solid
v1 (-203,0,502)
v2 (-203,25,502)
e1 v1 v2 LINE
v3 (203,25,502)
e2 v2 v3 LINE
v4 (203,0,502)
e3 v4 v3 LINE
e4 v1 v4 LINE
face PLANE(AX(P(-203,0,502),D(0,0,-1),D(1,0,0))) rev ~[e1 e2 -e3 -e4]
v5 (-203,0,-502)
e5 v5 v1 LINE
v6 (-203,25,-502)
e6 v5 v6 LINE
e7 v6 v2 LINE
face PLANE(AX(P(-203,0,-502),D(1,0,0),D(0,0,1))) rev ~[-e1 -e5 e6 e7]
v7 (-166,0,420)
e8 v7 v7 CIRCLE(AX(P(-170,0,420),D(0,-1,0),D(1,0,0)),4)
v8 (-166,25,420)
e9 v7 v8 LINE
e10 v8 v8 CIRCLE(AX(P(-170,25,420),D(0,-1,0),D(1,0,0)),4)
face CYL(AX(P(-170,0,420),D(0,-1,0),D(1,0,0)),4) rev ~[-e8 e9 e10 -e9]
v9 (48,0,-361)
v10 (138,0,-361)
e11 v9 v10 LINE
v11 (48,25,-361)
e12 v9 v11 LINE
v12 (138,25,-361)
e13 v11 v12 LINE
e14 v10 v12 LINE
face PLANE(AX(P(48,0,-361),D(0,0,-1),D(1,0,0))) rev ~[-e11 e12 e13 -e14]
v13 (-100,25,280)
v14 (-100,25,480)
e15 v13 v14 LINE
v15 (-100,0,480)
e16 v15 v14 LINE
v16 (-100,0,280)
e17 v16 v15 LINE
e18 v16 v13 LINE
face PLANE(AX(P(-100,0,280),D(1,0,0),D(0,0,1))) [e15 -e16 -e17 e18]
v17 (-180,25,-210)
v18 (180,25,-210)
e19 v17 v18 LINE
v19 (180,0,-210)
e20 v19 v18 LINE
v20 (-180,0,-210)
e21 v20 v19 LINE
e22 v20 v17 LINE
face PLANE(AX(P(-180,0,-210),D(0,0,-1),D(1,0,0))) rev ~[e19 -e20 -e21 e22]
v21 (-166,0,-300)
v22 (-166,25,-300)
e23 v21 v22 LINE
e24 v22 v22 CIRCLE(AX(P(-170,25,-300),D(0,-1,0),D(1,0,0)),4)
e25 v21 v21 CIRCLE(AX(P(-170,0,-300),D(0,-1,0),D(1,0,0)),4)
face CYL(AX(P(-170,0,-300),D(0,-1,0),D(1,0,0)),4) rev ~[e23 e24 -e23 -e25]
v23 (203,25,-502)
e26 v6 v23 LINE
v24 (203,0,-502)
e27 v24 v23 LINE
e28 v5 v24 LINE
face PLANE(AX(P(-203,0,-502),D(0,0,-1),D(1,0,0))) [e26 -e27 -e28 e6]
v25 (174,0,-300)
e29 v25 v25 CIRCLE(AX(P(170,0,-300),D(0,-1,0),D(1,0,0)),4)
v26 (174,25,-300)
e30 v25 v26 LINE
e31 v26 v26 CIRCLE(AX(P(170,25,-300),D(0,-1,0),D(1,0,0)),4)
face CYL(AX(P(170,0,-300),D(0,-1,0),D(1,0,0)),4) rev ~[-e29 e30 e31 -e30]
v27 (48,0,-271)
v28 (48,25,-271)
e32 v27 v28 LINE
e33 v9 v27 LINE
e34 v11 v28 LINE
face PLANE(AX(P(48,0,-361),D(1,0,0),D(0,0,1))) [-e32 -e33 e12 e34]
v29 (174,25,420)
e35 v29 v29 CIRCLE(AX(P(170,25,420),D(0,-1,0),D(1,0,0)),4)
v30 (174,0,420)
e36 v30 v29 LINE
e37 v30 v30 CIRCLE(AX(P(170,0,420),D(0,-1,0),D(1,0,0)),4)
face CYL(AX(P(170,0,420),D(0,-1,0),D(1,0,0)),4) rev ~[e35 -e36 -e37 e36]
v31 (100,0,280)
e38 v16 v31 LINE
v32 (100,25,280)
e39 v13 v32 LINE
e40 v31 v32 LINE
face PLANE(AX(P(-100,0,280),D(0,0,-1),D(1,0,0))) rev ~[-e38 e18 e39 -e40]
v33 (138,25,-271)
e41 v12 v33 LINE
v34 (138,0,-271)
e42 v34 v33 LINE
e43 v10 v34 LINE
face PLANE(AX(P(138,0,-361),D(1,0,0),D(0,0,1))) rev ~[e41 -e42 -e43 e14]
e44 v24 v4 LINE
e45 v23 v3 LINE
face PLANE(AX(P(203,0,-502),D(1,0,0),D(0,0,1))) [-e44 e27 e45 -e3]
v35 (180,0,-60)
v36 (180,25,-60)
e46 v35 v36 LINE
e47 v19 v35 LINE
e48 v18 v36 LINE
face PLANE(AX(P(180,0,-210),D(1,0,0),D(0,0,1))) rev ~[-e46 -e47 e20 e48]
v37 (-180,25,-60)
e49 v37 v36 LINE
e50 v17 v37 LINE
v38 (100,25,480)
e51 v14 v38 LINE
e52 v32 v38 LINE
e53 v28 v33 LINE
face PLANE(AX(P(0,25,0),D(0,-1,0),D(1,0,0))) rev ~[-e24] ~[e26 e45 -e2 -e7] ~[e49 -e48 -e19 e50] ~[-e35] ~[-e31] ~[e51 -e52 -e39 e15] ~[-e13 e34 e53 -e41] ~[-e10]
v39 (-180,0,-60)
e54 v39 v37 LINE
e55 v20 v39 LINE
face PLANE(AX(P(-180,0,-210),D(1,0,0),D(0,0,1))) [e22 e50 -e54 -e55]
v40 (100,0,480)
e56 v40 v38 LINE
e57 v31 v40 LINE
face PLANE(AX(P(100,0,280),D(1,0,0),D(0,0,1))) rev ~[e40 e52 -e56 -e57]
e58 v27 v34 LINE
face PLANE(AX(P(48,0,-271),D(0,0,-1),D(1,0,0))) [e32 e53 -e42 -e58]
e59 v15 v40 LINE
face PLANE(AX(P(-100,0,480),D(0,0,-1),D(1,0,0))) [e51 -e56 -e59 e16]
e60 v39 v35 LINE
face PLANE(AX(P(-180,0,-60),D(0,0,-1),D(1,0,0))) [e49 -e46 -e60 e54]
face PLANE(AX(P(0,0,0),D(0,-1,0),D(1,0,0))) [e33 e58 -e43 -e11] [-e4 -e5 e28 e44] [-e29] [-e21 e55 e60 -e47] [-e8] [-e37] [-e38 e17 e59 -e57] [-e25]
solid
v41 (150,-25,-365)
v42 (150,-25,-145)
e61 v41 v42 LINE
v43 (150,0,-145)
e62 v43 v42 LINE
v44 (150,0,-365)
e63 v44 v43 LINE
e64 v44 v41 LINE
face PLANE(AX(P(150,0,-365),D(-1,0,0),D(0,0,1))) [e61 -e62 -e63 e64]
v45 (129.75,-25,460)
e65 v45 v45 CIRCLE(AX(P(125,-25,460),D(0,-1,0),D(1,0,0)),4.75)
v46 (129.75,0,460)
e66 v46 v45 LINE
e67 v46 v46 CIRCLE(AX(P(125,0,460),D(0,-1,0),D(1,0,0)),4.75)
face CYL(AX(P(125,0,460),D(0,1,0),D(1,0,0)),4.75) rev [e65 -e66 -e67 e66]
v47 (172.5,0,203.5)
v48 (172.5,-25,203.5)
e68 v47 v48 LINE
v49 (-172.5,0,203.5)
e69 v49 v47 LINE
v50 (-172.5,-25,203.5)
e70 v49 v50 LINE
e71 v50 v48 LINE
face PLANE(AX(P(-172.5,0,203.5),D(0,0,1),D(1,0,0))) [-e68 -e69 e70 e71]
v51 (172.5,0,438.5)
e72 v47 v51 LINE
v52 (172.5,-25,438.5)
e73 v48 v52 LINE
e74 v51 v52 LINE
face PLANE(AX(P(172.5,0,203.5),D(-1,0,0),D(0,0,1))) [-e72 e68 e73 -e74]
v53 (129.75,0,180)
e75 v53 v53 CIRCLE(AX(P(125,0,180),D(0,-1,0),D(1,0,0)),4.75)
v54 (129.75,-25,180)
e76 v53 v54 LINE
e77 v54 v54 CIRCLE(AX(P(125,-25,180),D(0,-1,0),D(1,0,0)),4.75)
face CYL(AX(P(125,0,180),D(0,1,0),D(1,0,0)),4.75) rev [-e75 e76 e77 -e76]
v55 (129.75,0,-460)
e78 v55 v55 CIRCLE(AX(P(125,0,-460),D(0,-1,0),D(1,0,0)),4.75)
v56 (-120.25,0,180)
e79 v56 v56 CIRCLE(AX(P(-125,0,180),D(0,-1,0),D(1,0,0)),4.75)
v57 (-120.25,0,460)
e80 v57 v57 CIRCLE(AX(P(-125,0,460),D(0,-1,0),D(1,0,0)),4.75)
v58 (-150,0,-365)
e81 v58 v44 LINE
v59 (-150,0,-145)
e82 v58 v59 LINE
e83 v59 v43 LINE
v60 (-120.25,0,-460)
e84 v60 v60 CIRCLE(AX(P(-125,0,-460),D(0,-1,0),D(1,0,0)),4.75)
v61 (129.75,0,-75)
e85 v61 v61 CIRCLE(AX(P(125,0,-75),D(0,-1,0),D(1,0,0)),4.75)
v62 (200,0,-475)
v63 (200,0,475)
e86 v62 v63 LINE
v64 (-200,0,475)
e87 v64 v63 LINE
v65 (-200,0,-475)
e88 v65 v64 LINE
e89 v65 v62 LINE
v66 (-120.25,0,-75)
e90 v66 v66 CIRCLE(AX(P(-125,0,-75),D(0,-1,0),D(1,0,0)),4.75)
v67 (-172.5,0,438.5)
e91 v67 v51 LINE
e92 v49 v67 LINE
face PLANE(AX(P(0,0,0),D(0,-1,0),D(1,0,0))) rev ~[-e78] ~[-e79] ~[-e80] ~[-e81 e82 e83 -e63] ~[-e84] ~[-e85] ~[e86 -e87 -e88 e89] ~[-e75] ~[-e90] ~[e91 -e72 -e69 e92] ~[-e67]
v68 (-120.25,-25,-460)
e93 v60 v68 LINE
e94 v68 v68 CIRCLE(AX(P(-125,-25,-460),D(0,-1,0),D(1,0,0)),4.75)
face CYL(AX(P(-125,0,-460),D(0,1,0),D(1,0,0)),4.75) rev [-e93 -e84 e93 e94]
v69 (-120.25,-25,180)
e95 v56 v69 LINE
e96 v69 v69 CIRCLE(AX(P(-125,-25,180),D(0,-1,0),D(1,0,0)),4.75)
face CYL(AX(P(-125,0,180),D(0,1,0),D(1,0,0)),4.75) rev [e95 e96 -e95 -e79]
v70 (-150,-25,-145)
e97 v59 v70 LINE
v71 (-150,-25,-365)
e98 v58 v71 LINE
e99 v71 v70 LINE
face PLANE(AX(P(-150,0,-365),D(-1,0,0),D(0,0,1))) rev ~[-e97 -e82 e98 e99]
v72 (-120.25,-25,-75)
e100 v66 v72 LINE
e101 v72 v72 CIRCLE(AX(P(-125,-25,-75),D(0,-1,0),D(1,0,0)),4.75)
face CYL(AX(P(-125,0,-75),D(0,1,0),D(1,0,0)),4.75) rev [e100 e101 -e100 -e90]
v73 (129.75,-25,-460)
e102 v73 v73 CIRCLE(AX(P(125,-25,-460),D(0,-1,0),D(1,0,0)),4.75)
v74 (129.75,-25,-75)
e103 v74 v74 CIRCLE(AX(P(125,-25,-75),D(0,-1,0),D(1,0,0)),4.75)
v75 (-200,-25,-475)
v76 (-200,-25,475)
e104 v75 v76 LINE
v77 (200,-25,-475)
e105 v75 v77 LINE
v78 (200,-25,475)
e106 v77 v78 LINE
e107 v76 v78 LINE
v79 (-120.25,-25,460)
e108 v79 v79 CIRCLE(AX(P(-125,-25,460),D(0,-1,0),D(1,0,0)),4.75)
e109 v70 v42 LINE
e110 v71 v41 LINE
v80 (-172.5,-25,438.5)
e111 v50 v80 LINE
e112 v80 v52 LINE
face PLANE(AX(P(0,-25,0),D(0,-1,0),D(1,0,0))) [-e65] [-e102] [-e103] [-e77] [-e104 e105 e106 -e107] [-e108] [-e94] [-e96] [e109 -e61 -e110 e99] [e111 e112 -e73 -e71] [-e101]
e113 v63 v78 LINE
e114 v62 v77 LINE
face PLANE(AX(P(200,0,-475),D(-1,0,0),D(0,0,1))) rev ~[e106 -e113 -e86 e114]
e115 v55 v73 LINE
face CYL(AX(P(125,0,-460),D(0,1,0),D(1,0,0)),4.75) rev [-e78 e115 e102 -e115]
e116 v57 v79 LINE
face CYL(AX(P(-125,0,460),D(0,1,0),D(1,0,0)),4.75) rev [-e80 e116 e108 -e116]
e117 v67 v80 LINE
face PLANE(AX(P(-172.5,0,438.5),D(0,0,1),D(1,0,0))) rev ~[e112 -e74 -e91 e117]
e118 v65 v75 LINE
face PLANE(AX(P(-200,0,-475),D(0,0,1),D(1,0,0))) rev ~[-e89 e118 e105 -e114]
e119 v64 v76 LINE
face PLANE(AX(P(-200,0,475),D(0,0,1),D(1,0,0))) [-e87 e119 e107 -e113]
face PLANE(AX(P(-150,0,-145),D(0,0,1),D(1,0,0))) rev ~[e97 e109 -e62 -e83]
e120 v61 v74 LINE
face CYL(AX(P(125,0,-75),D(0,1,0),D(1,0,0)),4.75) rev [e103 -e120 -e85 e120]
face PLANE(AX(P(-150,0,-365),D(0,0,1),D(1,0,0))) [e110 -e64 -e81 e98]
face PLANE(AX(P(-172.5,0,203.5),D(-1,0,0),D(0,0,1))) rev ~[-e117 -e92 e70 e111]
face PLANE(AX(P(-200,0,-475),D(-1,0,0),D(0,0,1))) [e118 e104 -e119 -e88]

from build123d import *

# Parameters (mm, degrees)
F0_W     = 406
F0_H     = 1004
F0_R     = 4
F0_W_2   = 90
F0_H_2   = 90
F0_W_3   = 360
F0_H_3   = 150
F0_W_4   = 200
F0_H_4   = 200
F1_DEPTH = 25
F2_W     = 400
F2_H     = 950
F2_R     = 4.75
F2_W_2   = 300
F2_H_2   = 220
F2_W_3   = 345
F2_H_3   = 235
F3_DEPTH = 25


with BuildPart() as f1:
    # F0 (on Front) → F1 (new body)
    with BuildSketch(Plane.XZ):
        Rectangle(F0_W, F0_H)
        with Locations((-170, -300)):
            Circle(F0_R, mode=Mode.SUBTRACT)
        with Locations((93, -316)):
            Rectangle(F0_W_2, F0_H_2, mode=Mode.SUBTRACT)
        with Locations((170, -300)):
            Circle(F0_R, mode=Mode.SUBTRACT)
        with Locations((0, -135)):
            Rectangle(F0_W_3, F0_H_3, mode=Mode.SUBTRACT)
        with Locations((-170, 420)):
            Circle(F0_R, mode=Mode.SUBTRACT)
        with Locations((0, 380)):
            Rectangle(F0_W_4, F0_H_4, mode=Mode.SUBTRACT)
        with Locations((170, 420)):
            Circle(F0_R, mode=Mode.SUBTRACT)
    extrude(amount=-F1_DEPTH)


with BuildPart() as f3:
    # F2 (on Front) → F3 (new body)
    with BuildSketch(Plane.XZ):
        Rectangle(F2_W, F2_H)
        with Locations((-125, -460)):
            Circle(F2_R, mode=Mode.SUBTRACT)
        with Locations((-125, -75)):
            Circle(F2_R, mode=Mode.SUBTRACT)
        with Locations((0, -255)):
            Rectangle(F2_W_2, F2_H_2, mode=Mode.SUBTRACT)
        with Locations((125, -460)):
            Circle(F2_R, mode=Mode.SUBTRACT)
        with Locations((125, -75)):
            Circle(F2_R, mode=Mode.SUBTRACT)
        with Locations((-125, 180)):
            Circle(F2_R, mode=Mode.SUBTRACT)
        with Locations((-125, 460)):
            Circle(F2_R, mode=Mode.SUBTRACT)
        with Locations((125, 180)):
            Circle(F2_R, mode=Mode.SUBTRACT)
        with Locations((0, 321)):
            Rectangle(F2_W_3, F2_H_3, mode=Mode.SUBTRACT)
        with Locations((125, 460)):
            Circle(F2_R, mode=Mode.SUBTRACT)
    extrude(amount=F3_DEPTH)


solid = Compound([f1.part, f3.part])
